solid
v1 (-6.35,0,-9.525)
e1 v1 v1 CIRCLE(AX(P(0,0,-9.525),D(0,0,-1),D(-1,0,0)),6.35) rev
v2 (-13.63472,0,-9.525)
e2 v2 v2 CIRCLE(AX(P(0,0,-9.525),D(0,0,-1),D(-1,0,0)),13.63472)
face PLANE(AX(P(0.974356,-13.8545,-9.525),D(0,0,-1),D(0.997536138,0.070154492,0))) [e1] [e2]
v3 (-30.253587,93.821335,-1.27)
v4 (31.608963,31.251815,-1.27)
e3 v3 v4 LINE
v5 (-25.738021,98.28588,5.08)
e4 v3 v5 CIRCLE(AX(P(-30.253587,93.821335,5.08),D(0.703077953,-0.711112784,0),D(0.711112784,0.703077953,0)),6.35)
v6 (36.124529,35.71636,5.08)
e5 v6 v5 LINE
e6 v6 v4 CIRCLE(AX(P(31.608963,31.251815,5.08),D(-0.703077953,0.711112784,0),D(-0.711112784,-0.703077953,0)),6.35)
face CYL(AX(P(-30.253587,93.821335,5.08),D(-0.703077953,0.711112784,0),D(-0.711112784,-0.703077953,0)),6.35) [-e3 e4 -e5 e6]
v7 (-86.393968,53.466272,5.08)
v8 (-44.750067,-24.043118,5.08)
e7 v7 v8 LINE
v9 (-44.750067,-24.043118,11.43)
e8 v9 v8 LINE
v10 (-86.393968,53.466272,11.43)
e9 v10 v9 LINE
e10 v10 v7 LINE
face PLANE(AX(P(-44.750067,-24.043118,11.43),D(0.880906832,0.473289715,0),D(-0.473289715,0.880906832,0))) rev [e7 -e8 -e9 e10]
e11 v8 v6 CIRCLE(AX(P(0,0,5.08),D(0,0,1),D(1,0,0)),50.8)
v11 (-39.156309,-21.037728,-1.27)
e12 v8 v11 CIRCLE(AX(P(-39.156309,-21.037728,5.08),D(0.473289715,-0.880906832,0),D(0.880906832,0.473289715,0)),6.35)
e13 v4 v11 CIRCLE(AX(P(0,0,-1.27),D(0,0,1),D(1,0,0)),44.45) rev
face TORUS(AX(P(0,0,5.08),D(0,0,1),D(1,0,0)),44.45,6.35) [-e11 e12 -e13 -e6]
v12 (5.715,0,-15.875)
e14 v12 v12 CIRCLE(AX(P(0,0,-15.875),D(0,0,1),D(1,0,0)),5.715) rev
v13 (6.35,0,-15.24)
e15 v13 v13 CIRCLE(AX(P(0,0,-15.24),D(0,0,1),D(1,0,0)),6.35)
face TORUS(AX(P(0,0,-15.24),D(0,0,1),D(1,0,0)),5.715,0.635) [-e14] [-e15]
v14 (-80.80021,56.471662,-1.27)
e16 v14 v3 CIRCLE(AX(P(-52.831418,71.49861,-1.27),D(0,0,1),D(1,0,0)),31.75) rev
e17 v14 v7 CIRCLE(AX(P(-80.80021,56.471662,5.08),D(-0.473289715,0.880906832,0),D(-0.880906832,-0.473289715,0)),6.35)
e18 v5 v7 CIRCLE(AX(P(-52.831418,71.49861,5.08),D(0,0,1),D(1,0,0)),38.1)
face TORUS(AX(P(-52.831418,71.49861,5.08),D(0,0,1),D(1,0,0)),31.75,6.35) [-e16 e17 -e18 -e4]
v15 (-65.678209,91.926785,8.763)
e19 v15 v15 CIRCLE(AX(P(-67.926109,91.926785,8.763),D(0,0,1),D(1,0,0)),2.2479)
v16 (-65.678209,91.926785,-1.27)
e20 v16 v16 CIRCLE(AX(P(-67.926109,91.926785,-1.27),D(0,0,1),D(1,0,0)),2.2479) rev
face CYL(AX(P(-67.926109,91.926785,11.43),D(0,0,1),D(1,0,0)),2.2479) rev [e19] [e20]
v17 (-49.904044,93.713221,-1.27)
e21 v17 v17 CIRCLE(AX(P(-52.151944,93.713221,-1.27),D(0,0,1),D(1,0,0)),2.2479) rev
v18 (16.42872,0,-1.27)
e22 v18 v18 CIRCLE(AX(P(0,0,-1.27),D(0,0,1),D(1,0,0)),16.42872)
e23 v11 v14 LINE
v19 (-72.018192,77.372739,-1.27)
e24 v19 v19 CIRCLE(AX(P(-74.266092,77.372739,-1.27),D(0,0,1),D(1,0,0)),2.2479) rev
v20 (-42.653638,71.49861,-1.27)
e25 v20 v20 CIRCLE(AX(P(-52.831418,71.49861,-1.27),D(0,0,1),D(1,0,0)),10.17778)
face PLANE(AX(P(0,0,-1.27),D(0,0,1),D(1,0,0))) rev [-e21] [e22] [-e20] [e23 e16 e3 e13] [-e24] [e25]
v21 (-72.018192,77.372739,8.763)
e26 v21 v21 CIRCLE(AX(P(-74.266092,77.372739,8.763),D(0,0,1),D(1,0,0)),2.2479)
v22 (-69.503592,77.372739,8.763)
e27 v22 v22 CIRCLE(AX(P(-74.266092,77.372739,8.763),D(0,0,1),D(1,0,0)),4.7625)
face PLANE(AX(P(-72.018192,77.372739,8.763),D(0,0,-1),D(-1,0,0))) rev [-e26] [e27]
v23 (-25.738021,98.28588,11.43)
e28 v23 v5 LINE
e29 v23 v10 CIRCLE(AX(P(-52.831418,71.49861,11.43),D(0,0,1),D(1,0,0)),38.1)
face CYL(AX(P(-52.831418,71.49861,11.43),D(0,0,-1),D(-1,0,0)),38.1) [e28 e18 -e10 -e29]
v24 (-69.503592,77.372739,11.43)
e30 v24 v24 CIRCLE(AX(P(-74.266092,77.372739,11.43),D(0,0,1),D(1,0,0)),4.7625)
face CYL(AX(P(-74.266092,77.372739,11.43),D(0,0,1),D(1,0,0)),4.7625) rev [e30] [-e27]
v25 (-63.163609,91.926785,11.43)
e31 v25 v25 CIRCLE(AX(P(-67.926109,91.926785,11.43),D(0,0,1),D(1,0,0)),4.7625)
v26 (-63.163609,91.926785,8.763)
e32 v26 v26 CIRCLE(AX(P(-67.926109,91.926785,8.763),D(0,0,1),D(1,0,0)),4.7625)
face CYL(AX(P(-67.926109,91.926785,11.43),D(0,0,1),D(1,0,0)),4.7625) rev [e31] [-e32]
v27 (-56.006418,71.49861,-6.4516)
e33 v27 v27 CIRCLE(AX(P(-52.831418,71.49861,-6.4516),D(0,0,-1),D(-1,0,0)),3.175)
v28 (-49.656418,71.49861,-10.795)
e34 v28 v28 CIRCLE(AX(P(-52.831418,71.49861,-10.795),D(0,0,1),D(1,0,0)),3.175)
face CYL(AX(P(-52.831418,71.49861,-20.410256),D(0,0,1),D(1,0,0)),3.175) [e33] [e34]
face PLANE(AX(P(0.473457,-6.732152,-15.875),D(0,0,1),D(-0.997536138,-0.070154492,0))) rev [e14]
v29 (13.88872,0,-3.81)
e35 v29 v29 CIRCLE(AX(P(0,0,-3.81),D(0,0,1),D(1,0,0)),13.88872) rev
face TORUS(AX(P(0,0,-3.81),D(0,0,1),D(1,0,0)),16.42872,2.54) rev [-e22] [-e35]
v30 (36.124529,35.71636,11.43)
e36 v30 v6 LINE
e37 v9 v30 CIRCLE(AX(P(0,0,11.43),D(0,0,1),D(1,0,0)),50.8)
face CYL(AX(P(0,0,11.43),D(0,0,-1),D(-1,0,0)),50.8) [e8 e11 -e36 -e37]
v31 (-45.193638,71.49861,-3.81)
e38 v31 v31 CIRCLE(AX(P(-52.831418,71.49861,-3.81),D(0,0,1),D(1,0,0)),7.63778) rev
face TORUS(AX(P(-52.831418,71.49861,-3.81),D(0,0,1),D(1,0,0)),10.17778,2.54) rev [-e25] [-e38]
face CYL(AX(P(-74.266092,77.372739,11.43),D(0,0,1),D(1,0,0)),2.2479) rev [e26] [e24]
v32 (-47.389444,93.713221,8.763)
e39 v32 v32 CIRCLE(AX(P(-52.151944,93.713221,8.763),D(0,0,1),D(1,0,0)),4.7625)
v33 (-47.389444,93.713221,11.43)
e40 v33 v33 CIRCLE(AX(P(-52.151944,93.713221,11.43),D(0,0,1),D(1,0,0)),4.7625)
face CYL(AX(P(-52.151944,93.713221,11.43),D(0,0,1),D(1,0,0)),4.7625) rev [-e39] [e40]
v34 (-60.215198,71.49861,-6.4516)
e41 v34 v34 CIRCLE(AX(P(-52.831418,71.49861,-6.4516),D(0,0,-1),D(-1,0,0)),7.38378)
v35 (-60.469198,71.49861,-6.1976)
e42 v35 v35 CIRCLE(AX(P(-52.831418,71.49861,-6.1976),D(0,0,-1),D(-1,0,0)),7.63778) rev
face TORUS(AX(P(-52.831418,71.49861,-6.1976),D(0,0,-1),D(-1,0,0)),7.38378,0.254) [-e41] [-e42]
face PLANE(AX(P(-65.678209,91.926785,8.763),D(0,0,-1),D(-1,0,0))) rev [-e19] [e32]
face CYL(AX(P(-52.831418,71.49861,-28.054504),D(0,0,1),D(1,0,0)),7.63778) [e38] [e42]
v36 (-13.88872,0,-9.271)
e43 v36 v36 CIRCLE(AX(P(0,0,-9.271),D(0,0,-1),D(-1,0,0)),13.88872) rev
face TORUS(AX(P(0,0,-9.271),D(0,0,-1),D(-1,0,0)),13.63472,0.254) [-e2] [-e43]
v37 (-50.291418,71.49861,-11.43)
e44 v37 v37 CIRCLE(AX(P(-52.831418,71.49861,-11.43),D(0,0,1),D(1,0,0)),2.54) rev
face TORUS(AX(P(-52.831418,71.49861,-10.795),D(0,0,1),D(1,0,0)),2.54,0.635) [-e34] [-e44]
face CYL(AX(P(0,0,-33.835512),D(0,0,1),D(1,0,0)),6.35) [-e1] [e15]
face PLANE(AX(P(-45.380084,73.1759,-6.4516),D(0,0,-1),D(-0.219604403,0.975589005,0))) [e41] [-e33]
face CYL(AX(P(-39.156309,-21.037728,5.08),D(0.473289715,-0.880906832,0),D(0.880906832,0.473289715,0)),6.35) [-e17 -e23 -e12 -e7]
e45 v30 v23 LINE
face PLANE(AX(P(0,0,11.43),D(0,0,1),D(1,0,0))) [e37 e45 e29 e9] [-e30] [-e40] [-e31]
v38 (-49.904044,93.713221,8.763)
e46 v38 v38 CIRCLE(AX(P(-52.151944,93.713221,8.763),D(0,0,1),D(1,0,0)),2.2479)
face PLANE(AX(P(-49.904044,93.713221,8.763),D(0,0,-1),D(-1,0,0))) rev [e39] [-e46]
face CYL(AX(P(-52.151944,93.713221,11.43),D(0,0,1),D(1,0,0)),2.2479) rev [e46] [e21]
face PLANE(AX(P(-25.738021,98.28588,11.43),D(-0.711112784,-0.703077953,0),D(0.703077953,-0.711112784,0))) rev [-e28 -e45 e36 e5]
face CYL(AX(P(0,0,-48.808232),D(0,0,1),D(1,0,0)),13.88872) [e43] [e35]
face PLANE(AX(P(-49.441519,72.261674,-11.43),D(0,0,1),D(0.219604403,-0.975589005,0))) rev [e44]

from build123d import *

# Parameters (mm, degrees)
SKETCH3_R                                           = 6.35
BOSS_EXTRUDE2_DEPTH                                 = 5.08
BOSS_EXTRUDE2_DEPTH_BACK                            = 9.525
BOSS_EXTRUDE3_DEPTH                                 = 12.7
SKETCH5_R                                           = 3.175
BOSS_EXTRUDE4_DEPTH                                 = 10.16
SKETCH6_R                                           = 13.88872
SKETCH6_R_2                                         = 6.35
BOSS_EXTRUDE5_DEPTH                                 = 8.255
SKETCH7_R                                           = 7.63778
SKETCH7_R_2                                         = 3.175
BOSS_EXTRUDE6_DEPTH                                 = 5.1816
FILLET3_R                                           = 6.35
FILLET4_R                                           = 2.54
FILLET1_R                                           = 0.635
FILLET5_R                                           = 0.254
CBORE_FOR_8_BINDING_HEAD_MACHINE_SCREW1_D           = 4.4958
CBORE_FOR_8_BINDING_HEAD_MACHINE_SCREW1_DEPTH       = 12.7
CBORE_FOR_8_BINDING_HEAD_MACHINE_SCREW1_CBORE_D     = 9.525
CBORE_FOR_8_BINDING_HEAD_MACHINE_SCREW1_CBORE_DEPTH = 2.667
CBORE_FOR_8_BINDING_HEAD_MACHINE_SCREW1_TIP         = 1.350674586


with BuildPart() as part:
    # Sketch3 → Boss-Extrude2 (new body, two sides)
    with BuildSketch(Plane.XY.offset(-6.35)) as boss_extrude2_sk:
        Circle(SKETCH3_R)
    extrude(amount=BOSS_EXTRUDE2_DEPTH)
    extrude(boss_extrude2_sk.sketch, amount=-BOSS_EXTRUDE2_DEPTH_BACK)

    # Sketch4 → Boss-Extrude3 (add)
    with BuildSketch(Plane.XY.offset(-1.27)):
        with BuildLine():
            Line((-44.750067041, -24.043117516), (-86.39396815, 53.466272241))
            ThreePointArc((-86.39396815, 53.466272241), (-75.473454099, 102.140871968), (-25.738020798, 98.285880397))
            Line((-25.738020798, 98.285880397), (36.124529429, 35.716360026))
            ThreePointArc((36.124529429, 35.716360026), (30.18938164, -40.856348787), (-44.750067041, -24.043117516))
        make_face()
    extrude(amount=BOSS_EXTRUDE3_DEPTH)

    # Sketch5 → Boss-Extrude4 (add)
    with BuildSketch(Plane(origin=(0, 0, -1.27), x_dir=(-1, 0, 0), z_dir=(0, 0, -1))):
        with Locations((52.831417869, 71.498610377)):
            Circle(SKETCH5_R)
    extrude(amount=BOSS_EXTRUDE4_DEPTH)

    # Sketch6 → Boss-Extrude5 (add)
    with BuildSketch(Plane(origin=(0, 0, -1.27), x_dir=(-1, 0, 0), z_dir=(0, 0, -1))):
        Circle(SKETCH6_R)
        Circle(SKETCH6_R_2, mode=Mode.SUBTRACT)
    extrude(amount=BOSS_EXTRUDE5_DEPTH)

    # Sketch7 → Boss-Extrude6 (add)
    with BuildSketch(Plane(origin=(0, 0, -1.27), x_dir=(-1, 0, 0), z_dir=(0, 0, -1))):
        with Locations((52.831417869, 71.498610377)):
            Circle(SKETCH7_R)
        with Locations((52.831417869, 71.498610377)):
            Circle(SKETCH7_R_2, mode=Mode.SUBTRACT)
    extrude(amount=BOSS_EXTRUDE6_DEPTH)

    # Fillet3
    fillet3_edges = [part.edges().sort_by_distance(p)[0] for p in [
        (30.18938164, -40.856348787, -1.27),
        (5.193254316, 67.001120212, -1.27),
        (-75.473454099, 102.140871968, -1.27),
        (-65.572017595, 14.711577363, -1.27),
    ]]
    fillet(fillet3_edges, radius=FILLET3_R)

    # Fillet4
    fillet4_edges = [part.edges().sort_by_distance(p)[0] for p in [
        (13.88872, 0, -1.27),
        (-45.193637869, 71.498610377, -1.27),
    ]]
    fillet(fillet4_edges, radius=FILLET4_R)

    # Fillet1
    fillet1_edges = [part.edges().sort_by_distance(p)[0] for p in [
        (-49.656417869, 71.498610377, -11.43),
        (-6.35, 0, -15.875),
    ]]
    fillet(fillet1_edges, radius=FILLET1_R)

    # Fillet5
    fillet5_edges = [part.edges().sort_by_distance(p)[0] for p in [
        (13.88872, 0, -9.525),
        (-45.193637869, 71.498610377, -6.4516),
    ]]
    fillet(fillet5_edges, radius=FILLET5_R)

    # CBORE for #8 Binding Head Machine Screw1
    with Locations(Plane.XY.offset(11.43)):
        with Locations((-52.151944072, 93.713221343), (-67.926108689, 91.926784771), (-74.266091544, 77.372739203)):
            CounterBoreHole(CBORE_FOR_8_BINDING_HEAD_MACHINE_SCREW1_D / 2, CBORE_FOR_8_BINDING_HEAD_MACHINE_SCREW1_CBORE_D / 2, CBORE_FOR_8_BINDING_HEAD_MACHINE_SCREW1_CBORE_DEPTH, depth=CBORE_FOR_8_BINDING_HEAD_MACHINE_SCREW1_DEPTH)
            with Locations((0, 0, -(CBORE_FOR_8_BINDING_HEAD_MACHINE_SCREW1_DEPTH + CBORE_FOR_8_BINDING_HEAD_MACHINE_SCREW1_TIP / 2))):  # 118° drill point
                Cone(0, CBORE_FOR_8_BINDING_HEAD_MACHINE_SCREW1_D / 2, CBORE_FOR_8_BINDING_HEAD_MACHINE_SCREW1_TIP, mode=Mode.SUBTRACT)


solid = part.part
